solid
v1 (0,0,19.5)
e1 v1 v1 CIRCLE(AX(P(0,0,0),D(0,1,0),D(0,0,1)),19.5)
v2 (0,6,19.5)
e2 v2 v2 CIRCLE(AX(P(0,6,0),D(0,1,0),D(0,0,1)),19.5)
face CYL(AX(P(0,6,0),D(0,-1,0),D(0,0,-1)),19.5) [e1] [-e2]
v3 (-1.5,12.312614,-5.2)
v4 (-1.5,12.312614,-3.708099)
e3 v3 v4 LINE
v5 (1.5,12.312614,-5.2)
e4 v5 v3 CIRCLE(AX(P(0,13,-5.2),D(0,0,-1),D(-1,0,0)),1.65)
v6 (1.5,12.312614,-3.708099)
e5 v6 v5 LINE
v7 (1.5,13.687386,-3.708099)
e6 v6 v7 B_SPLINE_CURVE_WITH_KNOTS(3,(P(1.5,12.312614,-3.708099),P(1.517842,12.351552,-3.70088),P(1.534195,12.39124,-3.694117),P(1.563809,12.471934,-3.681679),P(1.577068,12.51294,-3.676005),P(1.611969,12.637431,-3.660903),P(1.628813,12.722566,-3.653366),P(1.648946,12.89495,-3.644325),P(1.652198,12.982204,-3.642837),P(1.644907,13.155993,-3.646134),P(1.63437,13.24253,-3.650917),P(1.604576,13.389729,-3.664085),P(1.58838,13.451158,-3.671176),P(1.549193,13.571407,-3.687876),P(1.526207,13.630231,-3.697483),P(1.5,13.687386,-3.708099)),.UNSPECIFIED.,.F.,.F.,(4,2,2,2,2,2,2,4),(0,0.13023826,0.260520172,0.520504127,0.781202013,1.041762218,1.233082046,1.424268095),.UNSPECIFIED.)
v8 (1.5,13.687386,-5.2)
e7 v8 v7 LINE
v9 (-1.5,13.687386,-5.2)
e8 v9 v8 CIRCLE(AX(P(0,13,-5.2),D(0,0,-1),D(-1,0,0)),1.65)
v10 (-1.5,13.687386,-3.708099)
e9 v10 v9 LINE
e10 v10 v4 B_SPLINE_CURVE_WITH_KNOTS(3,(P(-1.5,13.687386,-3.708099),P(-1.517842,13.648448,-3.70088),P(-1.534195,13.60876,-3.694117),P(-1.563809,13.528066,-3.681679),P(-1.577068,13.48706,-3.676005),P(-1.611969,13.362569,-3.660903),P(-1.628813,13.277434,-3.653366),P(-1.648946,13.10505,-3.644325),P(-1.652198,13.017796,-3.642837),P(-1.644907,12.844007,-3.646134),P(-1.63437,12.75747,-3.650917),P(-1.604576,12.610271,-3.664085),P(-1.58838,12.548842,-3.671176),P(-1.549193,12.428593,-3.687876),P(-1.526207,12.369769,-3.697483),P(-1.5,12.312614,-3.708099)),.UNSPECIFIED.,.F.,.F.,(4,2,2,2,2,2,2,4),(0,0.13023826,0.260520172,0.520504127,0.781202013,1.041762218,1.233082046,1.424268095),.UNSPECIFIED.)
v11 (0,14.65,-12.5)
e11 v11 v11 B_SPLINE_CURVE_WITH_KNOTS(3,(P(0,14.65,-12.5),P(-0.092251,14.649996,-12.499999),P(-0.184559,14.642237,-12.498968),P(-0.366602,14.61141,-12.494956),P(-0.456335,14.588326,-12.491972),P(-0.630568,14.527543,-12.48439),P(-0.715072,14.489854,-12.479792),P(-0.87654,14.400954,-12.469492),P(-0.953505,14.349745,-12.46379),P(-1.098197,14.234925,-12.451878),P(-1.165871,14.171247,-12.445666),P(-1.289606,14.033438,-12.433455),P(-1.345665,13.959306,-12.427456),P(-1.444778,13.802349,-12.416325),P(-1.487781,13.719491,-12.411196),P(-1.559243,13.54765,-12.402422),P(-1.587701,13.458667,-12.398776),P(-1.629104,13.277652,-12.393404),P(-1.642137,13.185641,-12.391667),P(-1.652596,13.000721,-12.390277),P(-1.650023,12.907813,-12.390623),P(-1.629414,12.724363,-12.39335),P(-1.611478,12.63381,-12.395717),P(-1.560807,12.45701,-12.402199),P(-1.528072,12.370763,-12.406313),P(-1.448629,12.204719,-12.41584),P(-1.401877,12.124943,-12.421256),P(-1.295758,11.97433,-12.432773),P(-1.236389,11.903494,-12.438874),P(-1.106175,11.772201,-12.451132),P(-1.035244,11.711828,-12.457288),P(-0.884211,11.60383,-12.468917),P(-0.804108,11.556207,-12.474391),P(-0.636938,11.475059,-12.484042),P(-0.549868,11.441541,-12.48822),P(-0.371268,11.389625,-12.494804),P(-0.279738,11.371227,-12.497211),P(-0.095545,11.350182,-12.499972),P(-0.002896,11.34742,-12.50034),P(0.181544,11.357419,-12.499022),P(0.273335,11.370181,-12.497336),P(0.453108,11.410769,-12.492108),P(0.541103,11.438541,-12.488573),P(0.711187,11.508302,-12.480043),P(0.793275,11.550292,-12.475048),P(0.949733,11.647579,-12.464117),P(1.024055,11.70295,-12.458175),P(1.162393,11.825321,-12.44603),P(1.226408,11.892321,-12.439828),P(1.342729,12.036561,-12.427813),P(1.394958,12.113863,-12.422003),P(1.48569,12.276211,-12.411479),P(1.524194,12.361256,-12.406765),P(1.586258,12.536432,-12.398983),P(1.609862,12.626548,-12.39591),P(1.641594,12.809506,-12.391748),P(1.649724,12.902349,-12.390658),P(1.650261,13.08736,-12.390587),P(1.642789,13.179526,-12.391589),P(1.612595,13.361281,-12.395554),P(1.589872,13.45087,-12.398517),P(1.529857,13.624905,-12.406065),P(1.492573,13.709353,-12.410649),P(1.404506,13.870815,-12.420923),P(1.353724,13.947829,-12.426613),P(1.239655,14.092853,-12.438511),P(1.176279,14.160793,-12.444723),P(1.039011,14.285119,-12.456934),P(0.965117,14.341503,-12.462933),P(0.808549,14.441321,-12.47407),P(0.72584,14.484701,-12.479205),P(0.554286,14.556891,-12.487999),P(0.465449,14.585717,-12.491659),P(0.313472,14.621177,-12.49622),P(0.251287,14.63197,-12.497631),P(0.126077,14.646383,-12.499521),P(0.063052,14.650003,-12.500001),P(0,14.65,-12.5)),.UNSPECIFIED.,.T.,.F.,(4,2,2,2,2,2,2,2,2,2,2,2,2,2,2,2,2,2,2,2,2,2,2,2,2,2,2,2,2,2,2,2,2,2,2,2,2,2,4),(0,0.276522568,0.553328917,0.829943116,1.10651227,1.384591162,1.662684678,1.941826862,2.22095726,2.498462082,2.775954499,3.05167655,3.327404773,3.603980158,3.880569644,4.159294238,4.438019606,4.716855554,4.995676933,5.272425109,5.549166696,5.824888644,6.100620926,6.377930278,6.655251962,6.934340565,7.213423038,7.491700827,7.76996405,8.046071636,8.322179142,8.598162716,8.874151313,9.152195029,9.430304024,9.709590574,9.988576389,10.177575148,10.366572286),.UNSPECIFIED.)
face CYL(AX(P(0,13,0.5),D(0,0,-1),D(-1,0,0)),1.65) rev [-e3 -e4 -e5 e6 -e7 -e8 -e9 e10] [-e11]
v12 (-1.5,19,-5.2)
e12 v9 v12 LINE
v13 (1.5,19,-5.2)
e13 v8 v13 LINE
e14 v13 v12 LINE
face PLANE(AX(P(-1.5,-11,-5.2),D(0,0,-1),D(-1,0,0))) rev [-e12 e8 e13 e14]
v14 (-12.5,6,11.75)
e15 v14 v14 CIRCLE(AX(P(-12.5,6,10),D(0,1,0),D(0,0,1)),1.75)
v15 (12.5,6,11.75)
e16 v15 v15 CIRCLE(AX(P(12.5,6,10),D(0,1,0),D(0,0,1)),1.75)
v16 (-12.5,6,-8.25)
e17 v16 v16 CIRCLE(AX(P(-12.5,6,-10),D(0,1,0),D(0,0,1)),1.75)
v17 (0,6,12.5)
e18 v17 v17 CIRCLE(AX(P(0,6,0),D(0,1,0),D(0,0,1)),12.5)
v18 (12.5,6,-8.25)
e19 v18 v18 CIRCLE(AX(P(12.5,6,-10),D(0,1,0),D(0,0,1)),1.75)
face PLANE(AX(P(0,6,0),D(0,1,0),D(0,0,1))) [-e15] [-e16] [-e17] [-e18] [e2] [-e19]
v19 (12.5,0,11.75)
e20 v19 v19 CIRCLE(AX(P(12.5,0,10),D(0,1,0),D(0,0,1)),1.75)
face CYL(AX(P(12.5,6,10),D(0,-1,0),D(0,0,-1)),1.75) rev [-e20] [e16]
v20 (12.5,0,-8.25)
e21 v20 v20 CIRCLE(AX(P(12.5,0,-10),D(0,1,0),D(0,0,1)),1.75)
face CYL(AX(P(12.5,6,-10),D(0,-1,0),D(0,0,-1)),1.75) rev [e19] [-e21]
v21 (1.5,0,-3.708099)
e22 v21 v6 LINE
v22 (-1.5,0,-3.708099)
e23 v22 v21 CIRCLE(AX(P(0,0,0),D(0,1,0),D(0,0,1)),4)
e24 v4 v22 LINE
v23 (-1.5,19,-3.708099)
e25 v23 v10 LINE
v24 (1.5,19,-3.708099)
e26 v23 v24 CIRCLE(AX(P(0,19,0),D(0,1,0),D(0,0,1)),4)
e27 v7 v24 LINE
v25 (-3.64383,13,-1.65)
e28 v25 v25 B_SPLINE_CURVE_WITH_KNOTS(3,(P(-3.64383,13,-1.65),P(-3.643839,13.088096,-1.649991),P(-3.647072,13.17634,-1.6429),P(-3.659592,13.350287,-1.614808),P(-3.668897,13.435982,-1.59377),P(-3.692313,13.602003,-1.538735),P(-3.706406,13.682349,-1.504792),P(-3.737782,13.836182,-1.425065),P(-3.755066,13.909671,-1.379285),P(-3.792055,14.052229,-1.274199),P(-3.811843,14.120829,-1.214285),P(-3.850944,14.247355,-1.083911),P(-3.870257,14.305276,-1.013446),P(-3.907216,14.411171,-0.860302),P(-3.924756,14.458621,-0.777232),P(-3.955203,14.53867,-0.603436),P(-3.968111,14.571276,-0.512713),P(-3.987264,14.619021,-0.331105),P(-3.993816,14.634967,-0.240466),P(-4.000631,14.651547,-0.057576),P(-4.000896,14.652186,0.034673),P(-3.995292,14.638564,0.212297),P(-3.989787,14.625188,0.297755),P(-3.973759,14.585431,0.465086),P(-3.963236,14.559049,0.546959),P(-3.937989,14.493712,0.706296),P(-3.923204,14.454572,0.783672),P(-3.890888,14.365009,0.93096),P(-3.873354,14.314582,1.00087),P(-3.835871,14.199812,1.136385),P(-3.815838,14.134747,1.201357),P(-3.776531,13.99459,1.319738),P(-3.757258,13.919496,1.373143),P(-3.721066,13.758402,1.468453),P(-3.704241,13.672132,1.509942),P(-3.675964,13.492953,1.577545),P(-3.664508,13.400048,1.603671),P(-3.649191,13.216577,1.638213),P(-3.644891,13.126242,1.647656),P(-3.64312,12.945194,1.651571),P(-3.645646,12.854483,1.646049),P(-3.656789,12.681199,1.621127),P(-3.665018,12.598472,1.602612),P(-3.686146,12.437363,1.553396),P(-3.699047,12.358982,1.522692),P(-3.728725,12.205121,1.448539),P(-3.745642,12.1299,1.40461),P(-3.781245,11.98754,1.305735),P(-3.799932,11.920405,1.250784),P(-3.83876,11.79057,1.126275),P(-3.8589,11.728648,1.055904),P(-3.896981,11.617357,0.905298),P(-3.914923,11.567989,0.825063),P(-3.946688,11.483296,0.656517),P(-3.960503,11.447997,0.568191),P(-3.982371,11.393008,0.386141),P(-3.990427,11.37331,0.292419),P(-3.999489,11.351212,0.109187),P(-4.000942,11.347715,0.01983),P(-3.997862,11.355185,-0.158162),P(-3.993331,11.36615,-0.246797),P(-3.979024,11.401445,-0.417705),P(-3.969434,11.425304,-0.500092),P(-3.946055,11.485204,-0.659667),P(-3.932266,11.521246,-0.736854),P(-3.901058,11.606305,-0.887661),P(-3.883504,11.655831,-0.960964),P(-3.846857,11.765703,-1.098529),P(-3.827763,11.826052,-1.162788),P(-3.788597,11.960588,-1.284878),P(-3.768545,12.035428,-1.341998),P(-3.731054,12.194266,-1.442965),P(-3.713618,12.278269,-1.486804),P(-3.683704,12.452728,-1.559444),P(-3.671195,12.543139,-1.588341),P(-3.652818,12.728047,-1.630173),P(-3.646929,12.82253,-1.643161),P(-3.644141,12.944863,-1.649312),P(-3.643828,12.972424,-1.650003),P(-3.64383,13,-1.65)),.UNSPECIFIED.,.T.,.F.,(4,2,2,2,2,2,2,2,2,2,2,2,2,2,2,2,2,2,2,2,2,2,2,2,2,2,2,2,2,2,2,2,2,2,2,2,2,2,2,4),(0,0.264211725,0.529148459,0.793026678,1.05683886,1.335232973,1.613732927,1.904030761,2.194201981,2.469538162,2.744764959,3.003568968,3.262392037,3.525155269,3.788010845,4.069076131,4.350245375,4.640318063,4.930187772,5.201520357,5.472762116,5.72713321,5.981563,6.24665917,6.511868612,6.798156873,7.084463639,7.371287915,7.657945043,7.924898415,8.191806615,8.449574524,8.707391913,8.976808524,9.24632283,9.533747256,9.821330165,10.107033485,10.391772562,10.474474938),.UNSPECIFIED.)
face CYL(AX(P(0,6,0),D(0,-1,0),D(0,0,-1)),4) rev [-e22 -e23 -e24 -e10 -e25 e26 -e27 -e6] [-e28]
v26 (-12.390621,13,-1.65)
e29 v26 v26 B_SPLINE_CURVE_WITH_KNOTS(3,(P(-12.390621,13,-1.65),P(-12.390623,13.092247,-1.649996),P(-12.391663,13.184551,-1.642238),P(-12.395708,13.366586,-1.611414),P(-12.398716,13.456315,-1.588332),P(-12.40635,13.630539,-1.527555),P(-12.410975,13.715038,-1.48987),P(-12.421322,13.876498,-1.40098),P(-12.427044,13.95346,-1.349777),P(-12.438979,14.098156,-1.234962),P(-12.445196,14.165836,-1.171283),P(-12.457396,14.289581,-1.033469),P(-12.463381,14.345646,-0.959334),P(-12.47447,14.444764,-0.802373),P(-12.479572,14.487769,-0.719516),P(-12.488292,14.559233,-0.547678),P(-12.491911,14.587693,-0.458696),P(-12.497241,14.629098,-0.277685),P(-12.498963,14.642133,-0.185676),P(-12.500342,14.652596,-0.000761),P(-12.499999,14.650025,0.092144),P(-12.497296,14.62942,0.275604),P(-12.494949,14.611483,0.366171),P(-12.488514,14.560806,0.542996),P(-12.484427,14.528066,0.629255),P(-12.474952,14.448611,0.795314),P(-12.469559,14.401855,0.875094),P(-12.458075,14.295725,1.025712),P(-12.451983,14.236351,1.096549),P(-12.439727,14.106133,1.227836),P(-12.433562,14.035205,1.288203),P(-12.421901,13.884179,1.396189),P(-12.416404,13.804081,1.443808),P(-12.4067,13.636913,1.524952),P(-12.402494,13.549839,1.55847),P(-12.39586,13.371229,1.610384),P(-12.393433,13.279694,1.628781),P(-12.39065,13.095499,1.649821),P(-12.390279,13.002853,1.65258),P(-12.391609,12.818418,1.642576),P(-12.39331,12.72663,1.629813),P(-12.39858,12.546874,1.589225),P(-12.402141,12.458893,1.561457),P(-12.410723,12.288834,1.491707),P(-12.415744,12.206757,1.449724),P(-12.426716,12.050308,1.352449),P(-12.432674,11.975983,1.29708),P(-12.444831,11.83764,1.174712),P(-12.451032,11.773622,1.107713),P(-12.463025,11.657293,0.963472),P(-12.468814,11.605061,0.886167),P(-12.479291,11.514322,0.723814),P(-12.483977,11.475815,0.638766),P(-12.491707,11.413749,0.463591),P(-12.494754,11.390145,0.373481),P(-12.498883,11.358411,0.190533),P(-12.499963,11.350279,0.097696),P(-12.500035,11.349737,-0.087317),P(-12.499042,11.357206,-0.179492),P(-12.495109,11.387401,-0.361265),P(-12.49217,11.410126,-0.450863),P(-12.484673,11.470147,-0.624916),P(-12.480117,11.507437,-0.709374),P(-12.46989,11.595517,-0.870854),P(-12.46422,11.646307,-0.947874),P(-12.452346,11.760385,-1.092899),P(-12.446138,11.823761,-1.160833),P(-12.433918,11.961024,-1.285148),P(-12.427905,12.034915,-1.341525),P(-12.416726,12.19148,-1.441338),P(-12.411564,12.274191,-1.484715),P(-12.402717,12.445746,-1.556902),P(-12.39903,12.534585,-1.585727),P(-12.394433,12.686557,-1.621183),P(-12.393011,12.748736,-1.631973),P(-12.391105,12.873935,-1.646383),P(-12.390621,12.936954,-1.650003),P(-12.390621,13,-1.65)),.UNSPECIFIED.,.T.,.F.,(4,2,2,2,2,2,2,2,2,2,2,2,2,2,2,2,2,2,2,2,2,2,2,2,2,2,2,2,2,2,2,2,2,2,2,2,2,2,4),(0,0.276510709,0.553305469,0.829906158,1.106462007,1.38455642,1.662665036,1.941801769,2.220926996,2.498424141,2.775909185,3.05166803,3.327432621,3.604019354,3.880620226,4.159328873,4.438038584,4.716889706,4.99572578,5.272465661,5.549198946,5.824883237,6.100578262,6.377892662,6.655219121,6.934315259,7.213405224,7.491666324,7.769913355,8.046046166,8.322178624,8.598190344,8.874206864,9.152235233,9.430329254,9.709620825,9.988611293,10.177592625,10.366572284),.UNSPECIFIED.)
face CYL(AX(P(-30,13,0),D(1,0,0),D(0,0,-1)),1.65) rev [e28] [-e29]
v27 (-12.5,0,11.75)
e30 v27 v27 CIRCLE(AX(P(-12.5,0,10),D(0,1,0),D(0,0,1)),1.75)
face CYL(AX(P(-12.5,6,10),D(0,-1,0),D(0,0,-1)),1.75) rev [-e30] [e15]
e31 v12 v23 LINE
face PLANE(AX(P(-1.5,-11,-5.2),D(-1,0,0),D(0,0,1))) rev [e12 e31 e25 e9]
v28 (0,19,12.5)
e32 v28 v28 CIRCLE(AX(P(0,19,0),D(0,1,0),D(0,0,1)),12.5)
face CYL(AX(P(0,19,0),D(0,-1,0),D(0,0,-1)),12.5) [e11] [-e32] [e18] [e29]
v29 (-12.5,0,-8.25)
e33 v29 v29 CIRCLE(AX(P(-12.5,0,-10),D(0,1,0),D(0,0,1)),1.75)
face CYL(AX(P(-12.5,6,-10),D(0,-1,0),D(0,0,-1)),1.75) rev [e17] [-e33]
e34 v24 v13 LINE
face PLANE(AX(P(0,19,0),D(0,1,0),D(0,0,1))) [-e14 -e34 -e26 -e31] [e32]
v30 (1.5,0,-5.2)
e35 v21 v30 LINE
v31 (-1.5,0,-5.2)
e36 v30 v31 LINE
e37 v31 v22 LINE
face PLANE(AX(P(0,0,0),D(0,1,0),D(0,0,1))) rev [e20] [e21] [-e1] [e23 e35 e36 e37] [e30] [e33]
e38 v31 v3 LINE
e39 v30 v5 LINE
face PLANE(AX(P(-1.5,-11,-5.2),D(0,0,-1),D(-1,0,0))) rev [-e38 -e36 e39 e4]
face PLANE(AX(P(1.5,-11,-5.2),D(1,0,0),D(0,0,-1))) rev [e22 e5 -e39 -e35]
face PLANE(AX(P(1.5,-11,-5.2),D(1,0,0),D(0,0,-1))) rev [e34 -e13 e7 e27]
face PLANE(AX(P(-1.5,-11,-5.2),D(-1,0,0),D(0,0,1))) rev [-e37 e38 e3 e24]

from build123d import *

# Parameters (mm, degrees)
SKETCH1_R           = 4
SKETCH1_R_2         = 1.75
BOSS_EXTRUDE1_DEPTH = 6
SKETCH2_R           = 12.5
SKETCH2_R_2         = 4
BOSS_EXTRUDE2_DEPTH = 13
SKETCH4_W           = 3
SKETCH4_H           = 2.4
CUT_EXTRUDE2_DEPTH  = 30
SKETCH3_R           = 1.65
CUT_EXTRUDE3_DEPTH  = 14
SKETCH5_R           = 1.65
CUT_EXTRUDE4_DEPTH  = 30
BOSS_EXTRUDE3_START = -6
BOSS_EXTRUDE3_DEPTH = 6


with BuildPart() as part:
    # Sketch1 → Boss-Extrude1 (new body)
    with BuildSketch(Plane(origin=(0, 0, 0), x_dir=(1, 0, 0), z_dir=(0, 1, 0))):
        with BuildLine():
            Line((-14.071247279, 13.5), (14.071247279, 13.5))
            ThreePointArc((14.071247279, 13.5), (19.5, 0), (14.071247279, -13.5))
            Line((14.071247279, -13.5), (-14.071247279, -13.5))
            ThreePointArc((-14.071247279, -13.5), (-19.5, 0), (-14.071247279, 13.5))
        make_face()
        with Locations(Location((0, 0, 0), (0, 0, 270))):
            Circle(SKETCH1_R, mode=Mode.SUBTRACT)
        with Locations(Location((-12.5, 10, 0), (0, 0, 270))):
            Circle(SKETCH1_R_2, mode=Mode.SUBTRACT)
        with Locations(Location((-12.5, -10, 0), (0, 0, 270))):
            Circle(SKETCH1_R_2, mode=Mode.SUBTRACT)
        with Locations(Location((12.5, -10, 0), (0, 0, 270))):
            Circle(SKETCH1_R_2, mode=Mode.SUBTRACT)
        with Locations(Location((12.5, 10, 0), (0, 0, 270))):
            Circle(SKETCH1_R_2, mode=Mode.SUBTRACT)
    extrude(amount=BOSS_EXTRUDE1_DEPTH)

    # Sketch2 → Boss-Extrude2 (add)
    with BuildSketch(Plane(origin=(0, 6, 0), x_dir=(1, 0, 0), z_dir=(0, 1, 0))):
        with Locations(Location((0, 0, 0), (0, 0, 90))):
            Circle(SKETCH2_R)
        with Locations(Location((0, 0, 0), (0, 0, 270))):
            Circle(SKETCH2_R_2, mode=Mode.SUBTRACT)
    extrude(amount=BOSS_EXTRUDE2_DEPTH)

    # Sketch4 → Cut-Extrude2 (cut)
    with BuildSketch(Plane(origin=(0, 19, 0), x_dir=(1, 0, 0), z_dir=(0, 1, 0))):
        with Locations((0, 4)):
            Rectangle(SKETCH4_W, SKETCH4_H)
    extrude(amount=-CUT_EXTRUDE2_DEPTH, mode=Mode.SUBTRACT)

    # Sketch3 → Cut-Extrude3 (cut)
    with BuildSketch(Plane(origin=(0, 0, -13.5), x_dir=(-1, 0, 0), z_dir=(0, 0, -1))):
        with Locations(Location((0, 13, 0), (0, 0, 335.380022671))):
            Circle(SKETCH3_R)
    extrude(amount=-CUT_EXTRUDE3_DEPTH, mode=Mode.SUBTRACT)

    # Sketch5 → Cut-Extrude4 (cut)
    with BuildSketch(Plane(origin=(0, 0, 0), x_dir=(0, 0, -1), z_dir=(1, 0, 0))):
        with Locations((0, 13)):
            Circle(SKETCH5_R)
    extrude(amount=-CUT_EXTRUDE4_DEPTH, mode=Mode.SUBTRACT)

    # Sketch6 → Boss-Extrude3 (add)
    with BuildSketch(Plane(origin=(0, 6, 0), x_dir=(1, 0, 0), z_dir=(0, 1, 0)).offset(BOSS_EXTRUDE3_START)):
        with BuildLine():
            Line((-14.071247279, 13.5), (14.071247279, 13.5))
            ThreePointArc((14.071247279, 13.5), (0, 19.5), (-14.071247279, 13.5))
        make_face()
        with BuildLine():
            Line((14.071247279, -13.5), (-14.071247279, -13.5))
            ThreePointArc((-14.071247279, -13.5), (0, -19.5), (14.071247279, -13.5))
        make_face()
    extrude(amount=BOSS_EXTRUDE3_DEPTH)


solid = part.part
